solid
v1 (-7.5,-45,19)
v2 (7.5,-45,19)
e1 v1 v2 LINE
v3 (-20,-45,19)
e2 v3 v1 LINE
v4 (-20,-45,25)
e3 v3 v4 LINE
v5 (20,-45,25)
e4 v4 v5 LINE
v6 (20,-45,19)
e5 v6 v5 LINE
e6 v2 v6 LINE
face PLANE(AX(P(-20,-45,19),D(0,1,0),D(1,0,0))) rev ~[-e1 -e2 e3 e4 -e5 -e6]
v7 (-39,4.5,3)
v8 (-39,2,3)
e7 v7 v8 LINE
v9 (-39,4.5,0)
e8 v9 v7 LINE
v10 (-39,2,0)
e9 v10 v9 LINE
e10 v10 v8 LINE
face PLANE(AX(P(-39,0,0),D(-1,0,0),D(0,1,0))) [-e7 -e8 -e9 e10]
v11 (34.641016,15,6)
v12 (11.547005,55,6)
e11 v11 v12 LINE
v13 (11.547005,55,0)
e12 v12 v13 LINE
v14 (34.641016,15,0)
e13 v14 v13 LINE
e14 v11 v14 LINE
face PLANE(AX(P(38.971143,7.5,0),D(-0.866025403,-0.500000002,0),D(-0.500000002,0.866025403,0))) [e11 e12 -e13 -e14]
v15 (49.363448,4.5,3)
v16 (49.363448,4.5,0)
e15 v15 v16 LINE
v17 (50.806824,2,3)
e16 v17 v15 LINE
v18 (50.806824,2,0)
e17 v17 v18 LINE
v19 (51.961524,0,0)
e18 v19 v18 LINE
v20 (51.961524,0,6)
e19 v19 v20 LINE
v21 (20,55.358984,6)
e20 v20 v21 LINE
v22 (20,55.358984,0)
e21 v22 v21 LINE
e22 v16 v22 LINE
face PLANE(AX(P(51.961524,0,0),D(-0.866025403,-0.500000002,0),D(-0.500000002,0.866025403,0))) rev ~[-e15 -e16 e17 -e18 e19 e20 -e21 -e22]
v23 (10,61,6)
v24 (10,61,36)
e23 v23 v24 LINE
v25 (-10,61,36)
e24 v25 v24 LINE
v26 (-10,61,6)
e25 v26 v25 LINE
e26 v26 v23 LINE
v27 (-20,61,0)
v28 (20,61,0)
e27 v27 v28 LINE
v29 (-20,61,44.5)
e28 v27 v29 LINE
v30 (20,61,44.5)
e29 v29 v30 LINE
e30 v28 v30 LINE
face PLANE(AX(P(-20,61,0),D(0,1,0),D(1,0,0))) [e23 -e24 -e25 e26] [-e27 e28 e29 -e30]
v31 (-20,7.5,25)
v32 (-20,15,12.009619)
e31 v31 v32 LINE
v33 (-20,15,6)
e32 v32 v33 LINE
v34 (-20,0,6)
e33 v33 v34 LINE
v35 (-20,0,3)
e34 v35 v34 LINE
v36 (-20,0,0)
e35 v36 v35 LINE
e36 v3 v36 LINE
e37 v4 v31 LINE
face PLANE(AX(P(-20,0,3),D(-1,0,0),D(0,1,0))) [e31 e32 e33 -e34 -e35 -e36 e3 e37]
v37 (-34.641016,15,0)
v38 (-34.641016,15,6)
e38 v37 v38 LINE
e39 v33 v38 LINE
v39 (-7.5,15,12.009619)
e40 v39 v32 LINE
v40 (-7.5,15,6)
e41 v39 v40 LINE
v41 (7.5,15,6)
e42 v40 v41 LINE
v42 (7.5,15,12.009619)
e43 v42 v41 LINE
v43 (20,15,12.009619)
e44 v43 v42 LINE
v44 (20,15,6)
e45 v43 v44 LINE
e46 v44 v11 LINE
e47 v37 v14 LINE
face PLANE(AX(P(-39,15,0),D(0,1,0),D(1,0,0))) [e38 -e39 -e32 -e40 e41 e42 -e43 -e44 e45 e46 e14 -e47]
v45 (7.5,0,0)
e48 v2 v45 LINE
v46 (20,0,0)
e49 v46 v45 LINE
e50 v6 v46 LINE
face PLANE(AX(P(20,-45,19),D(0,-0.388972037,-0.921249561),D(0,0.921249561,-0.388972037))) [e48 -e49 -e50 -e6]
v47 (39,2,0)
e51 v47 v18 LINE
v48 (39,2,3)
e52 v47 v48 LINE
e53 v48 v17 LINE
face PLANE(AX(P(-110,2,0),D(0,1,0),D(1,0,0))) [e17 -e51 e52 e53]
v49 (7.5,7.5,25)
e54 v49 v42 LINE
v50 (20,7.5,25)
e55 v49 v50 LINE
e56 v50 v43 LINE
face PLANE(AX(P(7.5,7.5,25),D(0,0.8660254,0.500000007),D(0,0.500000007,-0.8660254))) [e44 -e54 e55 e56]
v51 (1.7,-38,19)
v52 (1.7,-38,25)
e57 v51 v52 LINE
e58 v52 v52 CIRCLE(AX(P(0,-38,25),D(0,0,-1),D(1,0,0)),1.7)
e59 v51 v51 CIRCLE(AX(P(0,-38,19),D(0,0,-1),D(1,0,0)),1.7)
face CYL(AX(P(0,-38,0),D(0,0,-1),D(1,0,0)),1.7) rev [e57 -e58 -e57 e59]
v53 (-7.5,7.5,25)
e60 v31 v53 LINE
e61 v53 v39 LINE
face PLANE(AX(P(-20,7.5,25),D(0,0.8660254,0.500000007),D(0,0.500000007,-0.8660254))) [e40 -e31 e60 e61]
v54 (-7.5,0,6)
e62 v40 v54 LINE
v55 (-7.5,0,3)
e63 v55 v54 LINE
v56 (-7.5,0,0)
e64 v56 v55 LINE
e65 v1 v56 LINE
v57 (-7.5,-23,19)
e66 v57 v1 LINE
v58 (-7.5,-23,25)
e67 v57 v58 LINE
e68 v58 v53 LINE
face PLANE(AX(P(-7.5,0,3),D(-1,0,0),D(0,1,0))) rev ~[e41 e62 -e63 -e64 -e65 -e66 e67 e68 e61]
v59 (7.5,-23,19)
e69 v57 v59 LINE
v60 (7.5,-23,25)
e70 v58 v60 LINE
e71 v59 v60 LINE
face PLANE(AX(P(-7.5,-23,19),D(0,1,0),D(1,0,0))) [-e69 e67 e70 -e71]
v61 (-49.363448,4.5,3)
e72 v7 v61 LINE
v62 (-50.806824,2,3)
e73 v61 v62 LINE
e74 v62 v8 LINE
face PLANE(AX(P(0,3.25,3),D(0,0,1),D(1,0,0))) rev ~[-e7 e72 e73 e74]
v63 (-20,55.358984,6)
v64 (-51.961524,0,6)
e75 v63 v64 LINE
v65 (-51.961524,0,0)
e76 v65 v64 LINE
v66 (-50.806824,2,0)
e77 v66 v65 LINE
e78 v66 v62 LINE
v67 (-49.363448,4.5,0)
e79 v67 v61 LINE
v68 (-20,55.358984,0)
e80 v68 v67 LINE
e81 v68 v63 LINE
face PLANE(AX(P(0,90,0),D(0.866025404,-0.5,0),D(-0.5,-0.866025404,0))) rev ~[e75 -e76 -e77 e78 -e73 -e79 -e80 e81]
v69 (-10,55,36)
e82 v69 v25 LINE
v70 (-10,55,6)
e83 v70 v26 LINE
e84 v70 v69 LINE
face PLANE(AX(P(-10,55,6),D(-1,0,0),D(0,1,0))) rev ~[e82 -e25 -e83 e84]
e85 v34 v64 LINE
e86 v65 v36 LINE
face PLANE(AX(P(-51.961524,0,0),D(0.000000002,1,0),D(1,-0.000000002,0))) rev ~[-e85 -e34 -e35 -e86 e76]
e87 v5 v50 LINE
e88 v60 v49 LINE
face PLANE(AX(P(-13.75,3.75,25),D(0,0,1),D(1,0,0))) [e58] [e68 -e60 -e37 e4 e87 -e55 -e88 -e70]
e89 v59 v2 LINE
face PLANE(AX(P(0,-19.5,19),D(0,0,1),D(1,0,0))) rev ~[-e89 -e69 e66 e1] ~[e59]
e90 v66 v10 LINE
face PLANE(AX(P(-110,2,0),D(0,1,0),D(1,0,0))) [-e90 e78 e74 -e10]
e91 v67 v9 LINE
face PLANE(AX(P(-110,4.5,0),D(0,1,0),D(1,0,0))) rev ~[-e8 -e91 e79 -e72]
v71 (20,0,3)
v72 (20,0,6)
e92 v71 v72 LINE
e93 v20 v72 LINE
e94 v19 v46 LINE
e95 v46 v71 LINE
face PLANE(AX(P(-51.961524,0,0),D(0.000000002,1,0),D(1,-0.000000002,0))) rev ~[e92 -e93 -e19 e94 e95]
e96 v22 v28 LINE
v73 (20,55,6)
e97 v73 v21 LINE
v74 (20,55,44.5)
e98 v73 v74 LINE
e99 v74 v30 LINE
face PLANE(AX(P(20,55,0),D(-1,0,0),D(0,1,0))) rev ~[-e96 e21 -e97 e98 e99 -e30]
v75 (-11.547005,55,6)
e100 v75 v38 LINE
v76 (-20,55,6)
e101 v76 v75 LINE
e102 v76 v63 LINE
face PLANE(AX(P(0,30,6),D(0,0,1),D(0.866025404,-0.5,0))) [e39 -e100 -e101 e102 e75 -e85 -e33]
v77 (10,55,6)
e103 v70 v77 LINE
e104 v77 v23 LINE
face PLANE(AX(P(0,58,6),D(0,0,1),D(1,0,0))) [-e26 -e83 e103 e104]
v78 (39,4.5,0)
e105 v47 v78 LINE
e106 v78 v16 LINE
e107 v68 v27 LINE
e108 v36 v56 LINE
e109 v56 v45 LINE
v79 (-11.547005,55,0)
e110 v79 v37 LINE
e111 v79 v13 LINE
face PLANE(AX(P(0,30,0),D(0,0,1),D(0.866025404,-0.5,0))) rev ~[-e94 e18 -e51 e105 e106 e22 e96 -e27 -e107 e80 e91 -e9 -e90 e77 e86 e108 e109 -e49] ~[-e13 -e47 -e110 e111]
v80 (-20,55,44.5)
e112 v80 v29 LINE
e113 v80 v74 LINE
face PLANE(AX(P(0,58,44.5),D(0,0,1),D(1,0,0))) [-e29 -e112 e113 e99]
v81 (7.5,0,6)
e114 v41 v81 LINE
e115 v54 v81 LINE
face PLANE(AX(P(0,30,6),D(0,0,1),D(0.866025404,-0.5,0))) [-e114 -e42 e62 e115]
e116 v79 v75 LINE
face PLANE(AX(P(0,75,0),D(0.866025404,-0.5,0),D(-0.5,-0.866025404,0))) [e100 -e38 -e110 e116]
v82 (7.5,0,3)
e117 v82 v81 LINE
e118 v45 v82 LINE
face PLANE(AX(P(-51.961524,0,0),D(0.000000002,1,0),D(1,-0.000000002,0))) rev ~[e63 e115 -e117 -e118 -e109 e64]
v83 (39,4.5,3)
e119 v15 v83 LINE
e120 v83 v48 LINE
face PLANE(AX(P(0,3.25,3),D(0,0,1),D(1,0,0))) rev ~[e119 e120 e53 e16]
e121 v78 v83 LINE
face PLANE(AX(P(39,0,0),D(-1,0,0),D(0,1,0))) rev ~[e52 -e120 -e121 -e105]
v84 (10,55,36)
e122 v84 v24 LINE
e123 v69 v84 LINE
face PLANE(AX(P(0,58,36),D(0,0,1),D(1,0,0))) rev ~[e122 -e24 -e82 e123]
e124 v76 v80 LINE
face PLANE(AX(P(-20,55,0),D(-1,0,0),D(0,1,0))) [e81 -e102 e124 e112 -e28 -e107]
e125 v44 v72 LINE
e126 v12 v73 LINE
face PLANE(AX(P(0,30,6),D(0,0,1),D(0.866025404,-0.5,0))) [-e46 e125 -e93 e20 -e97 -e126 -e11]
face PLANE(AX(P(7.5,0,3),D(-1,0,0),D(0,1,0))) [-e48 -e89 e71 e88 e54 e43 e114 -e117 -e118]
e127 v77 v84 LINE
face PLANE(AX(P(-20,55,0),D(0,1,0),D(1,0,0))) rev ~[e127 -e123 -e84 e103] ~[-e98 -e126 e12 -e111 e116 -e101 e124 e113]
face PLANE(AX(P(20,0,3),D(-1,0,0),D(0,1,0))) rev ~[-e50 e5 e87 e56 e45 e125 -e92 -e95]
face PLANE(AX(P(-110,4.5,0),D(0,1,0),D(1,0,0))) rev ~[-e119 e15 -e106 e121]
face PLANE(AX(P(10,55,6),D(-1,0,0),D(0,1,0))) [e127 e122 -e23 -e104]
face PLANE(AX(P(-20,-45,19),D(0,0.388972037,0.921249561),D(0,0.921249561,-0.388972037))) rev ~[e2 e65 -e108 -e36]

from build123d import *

# Parameters (mm, degrees)
BOX031_W                 = 46
BOX031_H                 = 15
BOX031_DEPTH             = 16
BOX029_W                 = 78
BOX029_H                 = 15
BOX029_DEPTH             = 6
BOX023_W                 = 220
BOX023_H                 = 2.5
BOX023_DEPTH             = 3
EXTRUDE011_DEPTH         = 10
BOX024_W                 = 220
BOX024_H                 = 113
BOX024_DEPTH             = 8
BOX026_W                 = 32
BOX026_H                 = 6
BOX026_DEPTH             = 6
PRISM004_DEPTH           = 6
PRISM004_PLACEMENT_ANGLE = 30
PRISM005_DEPTH           = 6
PRISM005_PLACEMENT_ANGLE = 30
EXTRUDE012_DEPTH         = 12.5
EXTRUDE009_DEPTH         = 12.5
EXTRUDE008_DEPTH         = 12.5
BOX009_W                 = 12.5
BOX009_H                 = 7.5
BOX009_DEPTH             = 22
BOX010_W                 = 12.5
BOX010_H                 = 7.5
BOX010_DEPTH             = 22
CYLINDER_R               = 1.7
CYLINDER_DEPTH           = 30
BOX007_W                 = 15
BOX007_H                 = 70
BOX007_DEPTH             = 6
BOX006_W                 = 40
BOX006_H                 = 51
BOX006_DEPTH             = 6
EXTRUDE010_DEPTH         = 12.5
BOX021_W                 = 12.5
BOX021_H                 = 7.5
BOX021_DEPTH             = 22
BOX027_W                 = 12.5
BOX027_H                 = 7.5
BOX027_DEPTH             = 22
CYLINDER002_R            = 1.7
CYLINDER002_DEPTH        = 30
BOX025_W                 = 15
BOX025_H                 = 70
BOX025_DEPTH             = 6
BOX022_W                 = 40
BOX022_H                 = 51
BOX022_DEPTH             = 6
BOX005_W                 = 20
BOX005_H                 = 6
BOX005_DEPTH             = 30
BOX004_W                 = 40
BOX004_H                 = 6
BOX004_DEPTH             = 44.5


with BuildPart() as cube030:
    # Box031 → Box031 (new body)
    with BuildSketch(Plane(origin=(-22, 15, 0), x_dir=(1, 0, 0), z_dir=(0, 0, 1))):
        with Locations((23, 7.5)):
            Rectangle(BOX031_W, BOX031_H)
    extrude(amount=BOX031_DEPTH)


with BuildPart() as cube028:
    # Box029 → Box029 (new body)
    with BuildSketch(Plane(origin=(-39, 0, 0), x_dir=(1, 0, 0), z_dir=(0, 0, 1))):
        with Locations((39, 7.5)):
            Rectangle(BOX029_W, BOX029_H)
    extrude(amount=BOX029_DEPTH)


with BuildPart() as cube022:
    # Box023 → Box023 (new body)
    with BuildSketch(Plane(origin=(-110, 2, 0), x_dir=(1, 0, 0), z_dir=(0, 0, 1))):
        with Locations((110, 1.25)):
            Rectangle(BOX023_W, BOX023_H)
    extrude(amount=BOX023_DEPTH)


with BuildPart() as extrude011:
    # Sketch009 → Extrude011 (new body)
    with BuildSketch(Plane.XY):
        Polygon((-95, 0), (95, 0), (85, 61), (-85, 61), align=None)
    extrude(amount=EXTRUDE011_DEPTH)


with BuildPart() as molde_cortador002:
    # Box024 → Box024 (new body)
    with BuildSketch(Plane(origin=(-110, -15, 0), x_dir=(1, 0, 0), z_dir=(0, 0, 1))):
        with Locations((110, 56.5)):
            Rectangle(BOX024_W, BOX024_H)
    extrude(amount=BOX024_DEPTH)

    # Cut004020: cut Extrude011
    add(extrude011.part, mode=Mode.SUBTRACT)


with BuildPart() as cube025:
    # Box026 → Box026 (new body)
    with BuildSketch(Plane(origin=(-16, 55, 0), x_dir=(1, 0, 0), z_dir=(0, 0, 1))):
        with Locations((16, 3)):
            Rectangle(BOX026_W, BOX026_H)
    extrude(amount=BOX026_DEPTH)


with BuildPart() as prism004:
    # Prism004 → Prism004 (new body)
    with BuildSketch(Plane.XY):
        Polygon((45, 0), (-22.5, 38.971143), (-22.5, -38.971143), align=None)
    extrude(amount=PRISM004_DEPTH)


with BuildPart() as prism004_1:
    # Prism004 placement: moved
    add(prism004.part.moved(Location((0, 23, 0))).rotate(Axis((0, 23, 0), (0, 0, -1)), PRISM004_PLACEMENT_ANGLE))


with BuildPart() as base_triangulo_con_canaleta001:
    # Prism005 → Prism005 (new body)
    with BuildSketch(Plane.XY):
        Polygon((60, 0), (-30, 51.961524), (-30, -51.961524), align=None)
    extrude(amount=PRISM005_DEPTH)


with BuildPart() as base_triangulo_con_canaleta001_1:
    # Prism005 placement: moved
    add(base_triangulo_con_canaleta001.part.moved(Location((0, 23, 0))).rotate(Axis((0, 23, 0), (0, 0, -1)), PRISM005_PLACEMENT_ANGLE))

    # Cut004019: cut Prism004
    add(prism004_1.part, mode=Mode.SUBTRACT)


with BuildPart() as base_triangulo_con_canaleta001_2:
    # Cut004019 placement: moved
    add(base_triangulo_con_canaleta001_1.part.moved(Location((0, 7, 0))))

    # Fusion004005: union Cube025
    add(cube025.part)

    # Cut004015: cut molde_cortador002
    add(molde_cortador002.part, mode=Mode.SUBTRACT)

    # Cut004016: cut Cube022
    add(cube022.part, mode=Mode.SUBTRACT)


with BuildPart() as extrude012:
    # Sketch010 (on Face21 of Fusion004006) → Extrude012 (new body)
    with BuildSketch(Plane(origin=(-20, 0, 0), x_dir=(0, -1, 0), z_dir=(-1, 0, 0))):
        Polygon((-7.5, 0), (-7.5, 25), (-21.933757, 0), align=None)
    extrude(amount=-EXTRUDE012_DEPTH)


with BuildPart() as extrude012_1:
    # Extrude012 placement: moved
    add(extrude012.part.moved(Location((27.5, 0, 0))))


with BuildPart() as extrude009:
    # Sketch007 (on Face17 of Fusion004002) → Extrude009 (new body)
    with BuildSketch(Plane(origin=(-20, 0, 0), x_dir=(0, -1, 0), z_dir=(-1, 0, 0))):
        Polygon((0, 0), (0, 19), (45, 19), align=None)
    extrude(amount=EXTRUDE009_DEPTH)


with BuildPart() as extrude009_1:
    # Extrude009 placement: moved
    add(extrude009.part.moved(Location((40, 0, 0))))


with BuildPart() as extrude008:
    # Sketch007 (on Face17 of Fusion004002) → Extrude008 (new body)
    with BuildSketch(Plane(origin=(-20, 0, 0), x_dir=(0, -1, 0), z_dir=(-1, 0, 0))):
        Polygon((0, 0), (0, 19), (45, 19), align=None)
    extrude(amount=-EXTRUDE008_DEPTH)


with BuildPart() as cube008:
    # Box009 → Box009 (new body)
    with BuildSketch(Plane(origin=(7.5, 0, 3), x_dir=(1, 0, 0), z_dir=(0, 0, 1))):
        with Locations((6.25, 3.75)):
            Rectangle(BOX009_W, BOX009_H)
    extrude(amount=BOX009_DEPTH)


with BuildPart() as cube009:
    # Box010 → Box010 (new body)
    with BuildSketch(Plane(origin=(-20, 0, 3), x_dir=(1, 0, 0), z_dir=(0, 0, 1))):
        with Locations((6.25, 3.75)):
            Rectangle(BOX010_W, BOX010_H)
    extrude(amount=BOX010_DEPTH)


with BuildPart() as cylinder:
    # Cylinder → Cylinder (new body)
    with BuildSketch(Plane(origin=(0, 7, 0), x_dir=(1, 0, 0), z_dir=(0, 0, 1))):
        Circle(CYLINDER_R)
    extrude(amount=CYLINDER_DEPTH)


with BuildPart() as cube007:
    # Box007 → Box007 (new body)
    with BuildSketch(Plane(origin=(12.5, 22, 20), x_dir=(1, 0, 0), z_dir=(0, 0, 1))):
        with Locations((7.5, 35)):
            Rectangle(BOX007_W, BOX007_H)
    extrude(amount=BOX007_DEPTH)


with BuildPart() as fusion004002:
    # Box006 → Box006 (new body)
    with BuildSketch(Plane.XY.offset(20)):
        with Locations((20, 25.5)):
            Rectangle(BOX006_W, BOX006_H)
    extrude(amount=BOX006_DEPTH)

    # Cut004005: cut Cube007
    add(cube007.part, mode=Mode.SUBTRACT)


with BuildPart() as fusion004002_1:
    # Cut004005 placement: moved
    add(fusion004002.part.moved(Location((-20, 0, -1))))

    # Cut004006: cut Cylinder
    add(cylinder.part, mode=Mode.SUBTRACT)


with BuildPart() as fusion004002_2:
    # Cut004006 placement: moved
    add(fusion004002_1.part.moved(Location((0, -45, 0))))

    # Fusion004002: union Cube008, Cube009
    add(cube008.part)
    add(cube009.part)


with BuildPart() as fusion004007:
    # Sketch008 (on Face21 of Fusion004002) → Extrude010 (new body)
    with BuildSketch(Plane(origin=(-20, 0, 0), x_dir=(0, -1, 0), z_dir=(-1, 0, 0))):
        Polygon((-7.5, 0), (-7.5, 25), (-21.933757, 0), align=None)
    extrude(amount=-EXTRUDE010_DEPTH)

    # Fusion004007: union Extrude012, Extrude009, Extrude008, Fusion004002
    add(extrude012_1.part)
    add(extrude009_1.part)
    add(extrude008.part)
    add(fusion004002_2.part)


with BuildPart() as cube020:
    # Box021 → Box021 (new body)
    with BuildSketch(Plane(origin=(7.5, 0, 3), x_dir=(1, 0, 0), z_dir=(0, 0, 1))):
        with Locations((6.25, 3.75)):
            Rectangle(BOX021_W, BOX021_H)
    extrude(amount=BOX021_DEPTH)


with BuildPart() as cube026:
    # Box027 → Box027 (new body)
    with BuildSketch(Plane(origin=(-20, 0, 3), x_dir=(1, 0, 0), z_dir=(0, 0, 1))):
        with Locations((6.25, 3.75)):
            Rectangle(BOX027_W, BOX027_H)
    extrude(amount=BOX027_DEPTH)


with BuildPart() as cylinder002:
    # Cylinder002 → Cylinder002 (new body)
    with BuildSketch(Plane(origin=(0, 7, 0), x_dir=(1, 0, 0), z_dir=(0, 0, 1))):
        Circle(CYLINDER002_R)
    extrude(amount=CYLINDER002_DEPTH)


with BuildPart() as cube024:
    # Box025 → Box025 (new body)
    with BuildSketch(Plane(origin=(12.5, 22, 20), x_dir=(1, 0, 0), z_dir=(0, 0, 1))):
        with Locations((7.5, 35)):
            Rectangle(BOX025_W, BOX025_H)
    extrude(amount=BOX025_DEPTH)


with BuildPart() as parte_frontal:
    # Box022 → Box022 (new body)
    with BuildSketch(Plane.XY.offset(20)):
        with Locations((20, 25.5)):
            Rectangle(BOX022_W, BOX022_H)
    extrude(amount=BOX022_DEPTH)

    # Cut004017: cut Cube024
    add(cube024.part, mode=Mode.SUBTRACT)


with BuildPart() as parte_frontal_1:
    # Cut004017 placement: moved
    add(parte_frontal.part.moved(Location((-20, 0, -1))))

    # Cut004018: cut Cylinder002
    add(cylinder002.part, mode=Mode.SUBTRACT)


with BuildPart() as parte_frontal_2:
    # Cut004018 placement: moved
    add(parte_frontal_1.part.moved(Location((0, -45, 0))))

    # Fusion004006: union Cube020, Cube026
    add(cube020.part)
    add(cube026.part)

    # Fusion004008: union Fusion004007
    add(fusion004007.part)


with BuildPart() as cube005:
    # Box005 → Box005 (new body)
    with BuildSketch(Plane(origin=(-10, 55, 6), x_dir=(1, 0, 0), z_dir=(0, 0, 1))):
        with Locations((10, 3)):
            Rectangle(BOX005_W, BOX005_H)
    extrude(amount=BOX005_DEPTH)


with BuildPart() as cut004022:
    # Box004 → Box004 (new body)
    with BuildSketch(Plane(origin=(-20, 55, 0), x_dir=(1, 0, 0), z_dir=(0, 0, 1))):
        with Locations((20, 3)):
            Rectangle(BOX004_W, BOX004_H)
    extrude(amount=BOX004_DEPTH)

    # Cut004004: cut Cube005
    add(cube005.part, mode=Mode.SUBTRACT)

    # Fusion004009: union base_triangulo_con_canaleta001, parte_frontal
    add(base_triangulo_con_canaleta001_2.part)
    add(parte_frontal_2.part)

    # Fusion004009002: union Cube028
    add(cube028.part)

    # Cut004022: cut Cube030
    add(cube030.part, mode=Mode.SUBTRACT)


solid = cut004022.part
